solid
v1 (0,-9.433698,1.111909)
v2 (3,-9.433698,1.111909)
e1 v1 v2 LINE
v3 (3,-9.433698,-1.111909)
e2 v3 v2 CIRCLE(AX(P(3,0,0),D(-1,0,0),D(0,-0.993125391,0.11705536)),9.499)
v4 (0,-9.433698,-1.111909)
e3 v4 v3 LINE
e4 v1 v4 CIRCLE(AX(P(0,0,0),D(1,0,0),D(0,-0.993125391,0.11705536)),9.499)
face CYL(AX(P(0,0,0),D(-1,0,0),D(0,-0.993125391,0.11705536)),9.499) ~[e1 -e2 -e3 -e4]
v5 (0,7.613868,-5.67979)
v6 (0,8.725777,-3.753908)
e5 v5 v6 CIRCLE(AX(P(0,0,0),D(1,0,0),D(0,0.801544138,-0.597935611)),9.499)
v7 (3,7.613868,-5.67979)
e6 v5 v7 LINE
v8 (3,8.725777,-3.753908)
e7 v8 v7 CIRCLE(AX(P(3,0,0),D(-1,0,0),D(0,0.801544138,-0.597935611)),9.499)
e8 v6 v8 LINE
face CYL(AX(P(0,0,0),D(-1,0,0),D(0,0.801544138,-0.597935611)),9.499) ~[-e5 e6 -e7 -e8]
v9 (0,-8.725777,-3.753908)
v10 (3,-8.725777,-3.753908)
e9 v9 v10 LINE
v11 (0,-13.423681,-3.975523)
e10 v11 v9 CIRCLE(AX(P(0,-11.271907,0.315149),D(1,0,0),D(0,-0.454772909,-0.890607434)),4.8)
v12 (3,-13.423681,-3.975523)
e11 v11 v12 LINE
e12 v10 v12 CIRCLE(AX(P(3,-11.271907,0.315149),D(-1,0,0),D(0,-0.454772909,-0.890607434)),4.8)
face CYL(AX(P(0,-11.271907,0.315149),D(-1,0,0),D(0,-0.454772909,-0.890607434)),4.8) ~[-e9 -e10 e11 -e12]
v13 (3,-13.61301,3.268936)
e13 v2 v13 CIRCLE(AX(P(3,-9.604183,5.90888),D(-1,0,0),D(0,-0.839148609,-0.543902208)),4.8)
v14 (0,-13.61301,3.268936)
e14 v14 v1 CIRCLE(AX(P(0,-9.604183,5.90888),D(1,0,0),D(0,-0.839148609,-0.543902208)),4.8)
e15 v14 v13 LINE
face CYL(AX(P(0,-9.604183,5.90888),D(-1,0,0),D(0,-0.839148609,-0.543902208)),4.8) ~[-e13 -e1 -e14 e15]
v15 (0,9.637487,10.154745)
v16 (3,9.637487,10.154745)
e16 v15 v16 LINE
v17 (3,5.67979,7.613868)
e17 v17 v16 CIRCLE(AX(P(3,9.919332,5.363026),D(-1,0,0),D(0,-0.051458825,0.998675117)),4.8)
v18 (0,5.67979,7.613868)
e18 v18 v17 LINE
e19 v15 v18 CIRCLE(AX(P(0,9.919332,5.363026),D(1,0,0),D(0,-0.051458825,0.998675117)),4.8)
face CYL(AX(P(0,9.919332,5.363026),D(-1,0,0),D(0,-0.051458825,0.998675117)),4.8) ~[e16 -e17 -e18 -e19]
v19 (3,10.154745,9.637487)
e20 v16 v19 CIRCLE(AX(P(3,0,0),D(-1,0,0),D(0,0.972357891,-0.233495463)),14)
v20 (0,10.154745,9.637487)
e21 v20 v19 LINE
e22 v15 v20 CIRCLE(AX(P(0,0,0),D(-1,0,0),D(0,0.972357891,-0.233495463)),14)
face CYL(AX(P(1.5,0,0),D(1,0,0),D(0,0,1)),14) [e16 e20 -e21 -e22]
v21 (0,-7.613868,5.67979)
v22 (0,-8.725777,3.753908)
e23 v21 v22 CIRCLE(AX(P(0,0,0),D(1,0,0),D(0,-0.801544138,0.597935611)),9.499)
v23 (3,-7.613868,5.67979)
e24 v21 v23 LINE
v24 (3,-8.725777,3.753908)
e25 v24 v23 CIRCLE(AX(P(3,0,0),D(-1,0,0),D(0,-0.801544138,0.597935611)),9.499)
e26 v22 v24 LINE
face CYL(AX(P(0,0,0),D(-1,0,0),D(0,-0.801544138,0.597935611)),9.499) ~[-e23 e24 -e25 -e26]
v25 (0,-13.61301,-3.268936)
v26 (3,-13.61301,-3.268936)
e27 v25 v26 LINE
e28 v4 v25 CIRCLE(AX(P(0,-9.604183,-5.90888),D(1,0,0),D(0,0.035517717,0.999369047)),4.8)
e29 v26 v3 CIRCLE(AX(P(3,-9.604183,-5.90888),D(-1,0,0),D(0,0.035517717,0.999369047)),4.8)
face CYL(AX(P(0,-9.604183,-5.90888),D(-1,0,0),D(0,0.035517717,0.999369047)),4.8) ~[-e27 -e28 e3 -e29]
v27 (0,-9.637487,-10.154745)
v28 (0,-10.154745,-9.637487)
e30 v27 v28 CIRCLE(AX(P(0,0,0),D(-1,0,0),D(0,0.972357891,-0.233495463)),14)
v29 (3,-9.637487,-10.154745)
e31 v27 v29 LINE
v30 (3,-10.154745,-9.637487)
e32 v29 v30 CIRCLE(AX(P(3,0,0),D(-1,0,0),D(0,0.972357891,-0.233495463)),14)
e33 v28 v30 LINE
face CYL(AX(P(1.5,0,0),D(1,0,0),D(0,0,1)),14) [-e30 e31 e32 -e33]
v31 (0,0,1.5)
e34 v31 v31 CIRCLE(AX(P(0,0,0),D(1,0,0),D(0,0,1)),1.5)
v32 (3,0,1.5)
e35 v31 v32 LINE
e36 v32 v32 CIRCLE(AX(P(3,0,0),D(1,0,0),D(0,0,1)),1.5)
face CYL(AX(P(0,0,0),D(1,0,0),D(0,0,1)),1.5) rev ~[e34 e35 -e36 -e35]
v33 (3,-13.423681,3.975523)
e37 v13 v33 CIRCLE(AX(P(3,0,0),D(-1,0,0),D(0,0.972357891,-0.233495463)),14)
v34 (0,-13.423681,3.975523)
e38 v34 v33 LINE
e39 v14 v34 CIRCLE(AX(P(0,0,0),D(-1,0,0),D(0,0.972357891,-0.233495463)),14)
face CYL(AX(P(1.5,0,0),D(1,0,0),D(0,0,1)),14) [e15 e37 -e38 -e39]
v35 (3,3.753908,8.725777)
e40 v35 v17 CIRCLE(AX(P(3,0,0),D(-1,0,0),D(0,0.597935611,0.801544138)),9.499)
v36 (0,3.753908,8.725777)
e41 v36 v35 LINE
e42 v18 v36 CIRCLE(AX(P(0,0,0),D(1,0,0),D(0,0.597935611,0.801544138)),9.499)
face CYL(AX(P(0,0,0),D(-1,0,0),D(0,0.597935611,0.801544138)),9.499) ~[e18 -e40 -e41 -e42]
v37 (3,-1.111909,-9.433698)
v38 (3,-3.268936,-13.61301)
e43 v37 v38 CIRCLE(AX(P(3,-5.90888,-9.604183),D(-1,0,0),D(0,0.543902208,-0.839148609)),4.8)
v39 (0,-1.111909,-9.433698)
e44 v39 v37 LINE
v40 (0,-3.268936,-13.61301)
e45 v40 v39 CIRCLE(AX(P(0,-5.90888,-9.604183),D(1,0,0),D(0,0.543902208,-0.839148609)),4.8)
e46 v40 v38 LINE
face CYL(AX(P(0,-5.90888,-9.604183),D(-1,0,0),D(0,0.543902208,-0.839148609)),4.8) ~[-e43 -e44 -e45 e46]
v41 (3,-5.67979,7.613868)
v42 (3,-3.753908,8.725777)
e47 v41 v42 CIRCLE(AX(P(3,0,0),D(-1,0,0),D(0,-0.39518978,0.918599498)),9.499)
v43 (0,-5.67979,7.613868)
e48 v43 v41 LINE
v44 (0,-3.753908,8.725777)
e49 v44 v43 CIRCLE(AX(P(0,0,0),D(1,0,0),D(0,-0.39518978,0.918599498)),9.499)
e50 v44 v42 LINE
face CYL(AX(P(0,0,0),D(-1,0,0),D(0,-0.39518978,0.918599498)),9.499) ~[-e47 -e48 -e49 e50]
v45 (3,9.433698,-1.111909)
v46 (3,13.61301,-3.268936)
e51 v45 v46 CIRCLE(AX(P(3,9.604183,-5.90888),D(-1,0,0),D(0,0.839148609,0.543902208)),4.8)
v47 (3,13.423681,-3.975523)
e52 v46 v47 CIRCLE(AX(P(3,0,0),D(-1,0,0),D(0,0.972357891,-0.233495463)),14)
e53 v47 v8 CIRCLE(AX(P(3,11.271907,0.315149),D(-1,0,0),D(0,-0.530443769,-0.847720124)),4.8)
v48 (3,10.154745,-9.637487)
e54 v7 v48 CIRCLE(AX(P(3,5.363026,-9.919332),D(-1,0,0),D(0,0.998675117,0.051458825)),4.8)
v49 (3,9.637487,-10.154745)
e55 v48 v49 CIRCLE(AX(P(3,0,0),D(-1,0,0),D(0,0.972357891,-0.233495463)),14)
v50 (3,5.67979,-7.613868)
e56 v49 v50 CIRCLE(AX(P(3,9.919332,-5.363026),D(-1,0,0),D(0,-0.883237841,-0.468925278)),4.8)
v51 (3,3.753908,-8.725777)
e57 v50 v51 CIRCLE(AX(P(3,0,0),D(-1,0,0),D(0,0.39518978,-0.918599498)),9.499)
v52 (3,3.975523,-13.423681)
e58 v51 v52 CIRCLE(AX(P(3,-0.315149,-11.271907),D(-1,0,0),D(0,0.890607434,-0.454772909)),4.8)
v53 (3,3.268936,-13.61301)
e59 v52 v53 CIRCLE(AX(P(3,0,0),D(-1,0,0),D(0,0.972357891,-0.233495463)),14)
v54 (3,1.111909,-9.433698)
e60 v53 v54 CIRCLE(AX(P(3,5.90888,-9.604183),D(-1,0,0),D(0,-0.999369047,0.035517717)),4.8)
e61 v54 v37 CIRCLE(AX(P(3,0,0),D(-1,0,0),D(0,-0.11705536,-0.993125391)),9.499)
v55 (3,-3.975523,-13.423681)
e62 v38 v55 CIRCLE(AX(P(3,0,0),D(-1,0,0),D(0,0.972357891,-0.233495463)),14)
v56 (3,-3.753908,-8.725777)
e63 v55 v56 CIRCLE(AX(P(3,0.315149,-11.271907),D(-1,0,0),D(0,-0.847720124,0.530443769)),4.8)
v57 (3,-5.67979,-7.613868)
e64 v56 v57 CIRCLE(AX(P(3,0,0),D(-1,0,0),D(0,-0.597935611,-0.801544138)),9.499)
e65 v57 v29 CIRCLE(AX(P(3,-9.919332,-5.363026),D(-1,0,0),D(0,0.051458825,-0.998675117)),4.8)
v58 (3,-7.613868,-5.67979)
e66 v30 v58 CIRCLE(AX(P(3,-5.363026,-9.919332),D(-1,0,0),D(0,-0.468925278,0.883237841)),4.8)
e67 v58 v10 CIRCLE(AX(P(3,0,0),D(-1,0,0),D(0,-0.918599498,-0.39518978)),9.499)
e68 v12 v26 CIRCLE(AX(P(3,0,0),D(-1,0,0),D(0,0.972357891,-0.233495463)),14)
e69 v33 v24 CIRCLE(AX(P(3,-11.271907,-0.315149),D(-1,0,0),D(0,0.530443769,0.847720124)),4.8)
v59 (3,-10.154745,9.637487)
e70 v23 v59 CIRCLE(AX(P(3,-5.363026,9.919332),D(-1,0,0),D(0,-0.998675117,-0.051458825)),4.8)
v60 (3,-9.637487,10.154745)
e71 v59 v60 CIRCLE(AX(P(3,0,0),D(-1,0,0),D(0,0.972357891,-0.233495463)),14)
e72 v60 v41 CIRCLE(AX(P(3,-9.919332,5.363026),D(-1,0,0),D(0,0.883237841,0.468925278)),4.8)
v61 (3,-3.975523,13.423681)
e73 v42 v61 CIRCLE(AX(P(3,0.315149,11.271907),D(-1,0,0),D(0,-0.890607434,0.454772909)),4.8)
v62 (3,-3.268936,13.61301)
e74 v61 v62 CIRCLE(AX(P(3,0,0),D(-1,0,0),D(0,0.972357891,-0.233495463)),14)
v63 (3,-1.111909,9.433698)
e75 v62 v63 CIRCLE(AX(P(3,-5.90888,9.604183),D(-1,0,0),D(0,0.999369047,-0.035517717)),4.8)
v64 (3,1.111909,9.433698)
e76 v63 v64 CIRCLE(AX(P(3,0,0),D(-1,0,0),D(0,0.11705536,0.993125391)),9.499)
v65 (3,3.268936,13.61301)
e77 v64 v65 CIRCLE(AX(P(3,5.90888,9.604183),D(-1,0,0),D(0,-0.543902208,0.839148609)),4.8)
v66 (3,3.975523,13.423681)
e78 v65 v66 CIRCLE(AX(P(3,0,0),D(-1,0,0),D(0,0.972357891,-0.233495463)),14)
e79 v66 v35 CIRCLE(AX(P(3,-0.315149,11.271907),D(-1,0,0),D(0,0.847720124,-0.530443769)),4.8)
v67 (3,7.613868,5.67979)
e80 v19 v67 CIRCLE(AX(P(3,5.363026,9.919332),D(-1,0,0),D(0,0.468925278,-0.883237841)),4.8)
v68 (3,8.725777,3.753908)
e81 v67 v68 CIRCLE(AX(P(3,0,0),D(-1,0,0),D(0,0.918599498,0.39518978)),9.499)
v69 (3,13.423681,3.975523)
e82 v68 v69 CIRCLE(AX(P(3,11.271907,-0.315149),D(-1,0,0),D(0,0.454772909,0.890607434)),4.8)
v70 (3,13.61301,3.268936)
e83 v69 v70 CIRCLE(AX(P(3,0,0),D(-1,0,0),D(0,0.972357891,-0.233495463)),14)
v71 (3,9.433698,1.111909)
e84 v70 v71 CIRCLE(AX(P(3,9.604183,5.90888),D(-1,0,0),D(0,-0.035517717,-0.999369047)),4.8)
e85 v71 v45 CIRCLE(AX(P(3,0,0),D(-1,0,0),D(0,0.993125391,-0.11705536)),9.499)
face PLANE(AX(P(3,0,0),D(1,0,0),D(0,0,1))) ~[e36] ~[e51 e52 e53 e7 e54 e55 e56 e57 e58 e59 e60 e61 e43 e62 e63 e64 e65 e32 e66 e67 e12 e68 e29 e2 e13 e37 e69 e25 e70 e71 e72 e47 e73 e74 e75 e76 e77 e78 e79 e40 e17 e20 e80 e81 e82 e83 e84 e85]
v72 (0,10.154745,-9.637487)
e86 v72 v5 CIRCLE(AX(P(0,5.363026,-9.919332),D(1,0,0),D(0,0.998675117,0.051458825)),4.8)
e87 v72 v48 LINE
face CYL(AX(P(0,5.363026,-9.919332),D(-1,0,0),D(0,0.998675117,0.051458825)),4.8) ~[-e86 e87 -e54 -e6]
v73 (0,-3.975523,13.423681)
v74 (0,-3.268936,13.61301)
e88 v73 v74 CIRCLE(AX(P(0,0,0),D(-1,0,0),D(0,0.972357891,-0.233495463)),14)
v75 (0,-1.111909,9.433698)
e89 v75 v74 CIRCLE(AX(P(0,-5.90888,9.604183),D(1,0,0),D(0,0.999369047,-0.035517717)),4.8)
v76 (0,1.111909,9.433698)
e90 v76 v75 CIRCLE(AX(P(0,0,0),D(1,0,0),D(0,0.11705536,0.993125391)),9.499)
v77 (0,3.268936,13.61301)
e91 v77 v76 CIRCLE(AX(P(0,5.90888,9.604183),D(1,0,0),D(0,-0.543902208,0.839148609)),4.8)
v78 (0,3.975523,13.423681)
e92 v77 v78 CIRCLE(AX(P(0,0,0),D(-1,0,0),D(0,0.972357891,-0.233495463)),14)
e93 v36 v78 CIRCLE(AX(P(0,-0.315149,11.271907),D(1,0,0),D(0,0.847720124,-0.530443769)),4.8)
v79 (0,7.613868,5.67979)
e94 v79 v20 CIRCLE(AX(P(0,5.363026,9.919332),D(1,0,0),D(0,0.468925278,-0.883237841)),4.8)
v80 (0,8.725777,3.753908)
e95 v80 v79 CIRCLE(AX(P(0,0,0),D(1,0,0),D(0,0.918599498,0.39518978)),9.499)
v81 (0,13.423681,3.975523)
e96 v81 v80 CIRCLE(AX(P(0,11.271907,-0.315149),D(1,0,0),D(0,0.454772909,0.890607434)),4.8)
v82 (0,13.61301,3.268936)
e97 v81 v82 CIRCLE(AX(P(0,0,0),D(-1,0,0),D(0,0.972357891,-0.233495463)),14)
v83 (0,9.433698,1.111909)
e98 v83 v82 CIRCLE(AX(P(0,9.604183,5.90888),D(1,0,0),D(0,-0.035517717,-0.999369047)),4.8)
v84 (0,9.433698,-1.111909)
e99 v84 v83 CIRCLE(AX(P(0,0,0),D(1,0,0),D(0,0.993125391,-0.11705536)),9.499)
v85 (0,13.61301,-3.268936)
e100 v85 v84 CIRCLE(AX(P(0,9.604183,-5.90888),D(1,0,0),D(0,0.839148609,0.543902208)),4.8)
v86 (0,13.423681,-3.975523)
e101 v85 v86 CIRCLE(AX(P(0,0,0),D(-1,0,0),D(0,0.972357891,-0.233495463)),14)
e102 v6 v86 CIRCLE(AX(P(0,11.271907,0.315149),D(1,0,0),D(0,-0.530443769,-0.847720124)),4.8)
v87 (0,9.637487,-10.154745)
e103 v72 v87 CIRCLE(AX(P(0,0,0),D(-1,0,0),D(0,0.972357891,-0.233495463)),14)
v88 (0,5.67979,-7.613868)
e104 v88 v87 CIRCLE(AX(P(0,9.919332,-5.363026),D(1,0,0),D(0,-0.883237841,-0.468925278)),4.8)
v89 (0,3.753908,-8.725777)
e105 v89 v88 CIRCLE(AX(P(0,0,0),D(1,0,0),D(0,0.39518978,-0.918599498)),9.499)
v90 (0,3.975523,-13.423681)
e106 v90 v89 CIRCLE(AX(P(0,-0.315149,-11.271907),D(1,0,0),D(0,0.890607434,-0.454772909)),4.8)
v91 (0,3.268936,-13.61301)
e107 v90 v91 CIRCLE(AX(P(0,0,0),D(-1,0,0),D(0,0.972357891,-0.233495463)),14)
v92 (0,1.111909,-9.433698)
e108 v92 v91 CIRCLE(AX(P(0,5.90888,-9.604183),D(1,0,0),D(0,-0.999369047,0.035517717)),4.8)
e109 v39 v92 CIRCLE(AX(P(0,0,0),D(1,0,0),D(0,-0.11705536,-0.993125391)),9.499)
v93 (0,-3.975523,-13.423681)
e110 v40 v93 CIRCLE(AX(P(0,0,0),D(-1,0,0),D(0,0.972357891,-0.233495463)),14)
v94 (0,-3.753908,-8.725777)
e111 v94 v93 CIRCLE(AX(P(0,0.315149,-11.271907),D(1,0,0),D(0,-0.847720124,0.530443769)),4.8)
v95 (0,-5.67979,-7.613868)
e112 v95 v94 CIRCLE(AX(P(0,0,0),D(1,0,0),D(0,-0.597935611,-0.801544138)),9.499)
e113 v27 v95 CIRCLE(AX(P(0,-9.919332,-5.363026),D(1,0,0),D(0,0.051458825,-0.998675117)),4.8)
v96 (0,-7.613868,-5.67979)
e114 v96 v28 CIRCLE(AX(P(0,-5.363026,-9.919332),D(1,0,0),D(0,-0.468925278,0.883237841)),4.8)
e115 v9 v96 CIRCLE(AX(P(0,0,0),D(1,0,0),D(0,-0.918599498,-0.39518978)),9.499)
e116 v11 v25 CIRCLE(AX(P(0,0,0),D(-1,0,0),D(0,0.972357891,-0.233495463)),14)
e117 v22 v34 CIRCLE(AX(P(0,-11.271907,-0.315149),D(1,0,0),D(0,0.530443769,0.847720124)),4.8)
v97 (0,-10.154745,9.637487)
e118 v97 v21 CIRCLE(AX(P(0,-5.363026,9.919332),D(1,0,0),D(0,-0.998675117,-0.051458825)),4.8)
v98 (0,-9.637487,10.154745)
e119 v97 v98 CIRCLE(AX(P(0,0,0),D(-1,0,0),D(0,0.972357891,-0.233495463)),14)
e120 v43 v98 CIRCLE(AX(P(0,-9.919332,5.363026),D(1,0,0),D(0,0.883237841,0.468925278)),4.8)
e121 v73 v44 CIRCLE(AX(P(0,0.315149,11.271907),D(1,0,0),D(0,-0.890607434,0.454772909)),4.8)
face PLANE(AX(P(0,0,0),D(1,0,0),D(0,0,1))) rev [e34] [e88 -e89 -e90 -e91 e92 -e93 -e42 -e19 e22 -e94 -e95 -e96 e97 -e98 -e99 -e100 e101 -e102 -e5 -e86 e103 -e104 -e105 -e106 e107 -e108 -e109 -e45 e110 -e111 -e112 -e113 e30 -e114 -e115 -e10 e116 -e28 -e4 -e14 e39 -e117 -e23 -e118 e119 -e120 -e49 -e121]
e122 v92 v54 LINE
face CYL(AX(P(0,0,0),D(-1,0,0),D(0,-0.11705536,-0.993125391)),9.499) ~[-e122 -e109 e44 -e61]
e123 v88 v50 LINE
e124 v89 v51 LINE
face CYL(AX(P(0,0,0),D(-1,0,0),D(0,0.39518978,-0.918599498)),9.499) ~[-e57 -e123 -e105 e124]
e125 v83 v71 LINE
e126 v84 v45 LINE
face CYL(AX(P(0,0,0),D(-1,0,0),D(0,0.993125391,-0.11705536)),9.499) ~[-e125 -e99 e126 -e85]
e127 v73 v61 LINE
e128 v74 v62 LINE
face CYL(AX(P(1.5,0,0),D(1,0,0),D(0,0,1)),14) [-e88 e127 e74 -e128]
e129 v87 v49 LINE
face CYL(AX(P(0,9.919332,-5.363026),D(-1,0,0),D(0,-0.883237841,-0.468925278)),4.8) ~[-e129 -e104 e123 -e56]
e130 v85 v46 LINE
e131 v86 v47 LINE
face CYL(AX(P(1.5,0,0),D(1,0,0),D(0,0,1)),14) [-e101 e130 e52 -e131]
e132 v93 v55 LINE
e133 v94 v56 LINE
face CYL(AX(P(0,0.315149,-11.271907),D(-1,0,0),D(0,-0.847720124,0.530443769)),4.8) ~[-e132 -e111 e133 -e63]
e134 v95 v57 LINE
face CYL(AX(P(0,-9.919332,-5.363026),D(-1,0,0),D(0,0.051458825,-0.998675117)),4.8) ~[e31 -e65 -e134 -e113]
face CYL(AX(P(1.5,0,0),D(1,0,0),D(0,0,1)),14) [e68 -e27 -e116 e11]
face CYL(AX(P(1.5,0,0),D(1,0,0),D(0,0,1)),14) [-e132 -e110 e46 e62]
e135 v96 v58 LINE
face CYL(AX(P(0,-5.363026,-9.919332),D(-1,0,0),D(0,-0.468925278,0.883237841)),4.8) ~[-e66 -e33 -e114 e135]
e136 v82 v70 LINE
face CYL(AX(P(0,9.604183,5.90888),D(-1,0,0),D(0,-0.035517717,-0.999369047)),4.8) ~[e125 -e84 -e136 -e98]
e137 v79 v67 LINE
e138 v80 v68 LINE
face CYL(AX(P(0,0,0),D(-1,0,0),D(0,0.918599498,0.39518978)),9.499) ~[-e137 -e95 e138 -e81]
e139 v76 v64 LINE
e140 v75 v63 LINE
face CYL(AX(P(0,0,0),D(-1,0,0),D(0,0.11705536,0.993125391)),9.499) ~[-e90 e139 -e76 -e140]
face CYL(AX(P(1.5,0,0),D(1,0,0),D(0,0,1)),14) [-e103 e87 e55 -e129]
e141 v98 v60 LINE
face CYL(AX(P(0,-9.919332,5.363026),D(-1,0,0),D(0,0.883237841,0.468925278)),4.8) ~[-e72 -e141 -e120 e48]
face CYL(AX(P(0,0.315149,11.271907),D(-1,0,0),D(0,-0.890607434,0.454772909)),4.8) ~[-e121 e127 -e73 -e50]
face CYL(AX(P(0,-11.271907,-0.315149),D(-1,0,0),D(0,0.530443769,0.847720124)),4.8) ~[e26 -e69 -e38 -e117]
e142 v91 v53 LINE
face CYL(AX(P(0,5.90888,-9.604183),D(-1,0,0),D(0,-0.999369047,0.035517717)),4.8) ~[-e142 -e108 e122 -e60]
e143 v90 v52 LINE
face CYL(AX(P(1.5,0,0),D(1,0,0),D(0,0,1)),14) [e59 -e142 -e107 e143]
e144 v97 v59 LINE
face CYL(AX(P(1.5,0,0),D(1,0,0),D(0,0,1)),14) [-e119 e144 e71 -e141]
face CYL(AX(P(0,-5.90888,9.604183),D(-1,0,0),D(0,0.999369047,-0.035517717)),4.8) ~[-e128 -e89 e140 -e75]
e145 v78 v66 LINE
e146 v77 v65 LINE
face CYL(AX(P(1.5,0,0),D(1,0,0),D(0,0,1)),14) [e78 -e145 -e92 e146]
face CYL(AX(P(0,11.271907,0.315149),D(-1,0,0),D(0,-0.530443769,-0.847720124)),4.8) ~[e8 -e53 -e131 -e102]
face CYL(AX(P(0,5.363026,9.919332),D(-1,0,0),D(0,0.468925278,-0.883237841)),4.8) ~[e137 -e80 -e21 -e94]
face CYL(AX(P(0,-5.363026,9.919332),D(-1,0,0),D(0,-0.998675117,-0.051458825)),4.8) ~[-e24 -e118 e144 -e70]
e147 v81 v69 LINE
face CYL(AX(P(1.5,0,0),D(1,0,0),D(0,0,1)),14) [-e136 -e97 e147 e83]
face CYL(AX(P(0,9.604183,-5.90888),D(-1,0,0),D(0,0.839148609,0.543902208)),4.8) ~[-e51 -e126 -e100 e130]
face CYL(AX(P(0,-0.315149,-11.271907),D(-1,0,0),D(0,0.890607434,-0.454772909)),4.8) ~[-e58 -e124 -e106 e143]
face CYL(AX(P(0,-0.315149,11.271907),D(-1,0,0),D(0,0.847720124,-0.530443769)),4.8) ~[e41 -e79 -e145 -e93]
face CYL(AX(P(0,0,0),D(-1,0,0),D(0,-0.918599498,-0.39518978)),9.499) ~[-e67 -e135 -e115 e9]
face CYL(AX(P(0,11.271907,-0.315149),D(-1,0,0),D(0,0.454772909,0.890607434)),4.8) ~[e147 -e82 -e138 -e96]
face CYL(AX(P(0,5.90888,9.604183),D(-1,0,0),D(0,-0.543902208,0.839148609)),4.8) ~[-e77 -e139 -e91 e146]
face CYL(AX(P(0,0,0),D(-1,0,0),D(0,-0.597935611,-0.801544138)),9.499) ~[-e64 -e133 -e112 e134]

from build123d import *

# Parameters (mm, degrees)
BASPROSKE_W     = 3
BASPROSKE_H     = 14
TOOTHCUT_DEPTH  = 21.024984395
TEETHCUTS_COUNT = 12
BORSKE_R        = 1.5
BORE_DEPTH      = 50.0000508


with BuildPart() as part:
    # BasProSke → Base-Revolve (revolve)
    with BuildSketch(Plane(origin=(0, 0, 0), x_dir=(1, 0, 0), z_dir=(0, 1, 0)), mode=Mode.PRIVATE) as base_revolve_sk:
        with Locations((1.5, 7)):
            Rectangle(BASPROSKE_W, BASPROSKE_H)
    revolve(base_revolve_sk.sketch.rotate(Axis((-10, 0, 0), (1, 0, 0)), 180), axis=Axis((-10, 0, 0), (1, 0, 0)))

    # TooCutSke → ToothCut (cut, through all)
    with BuildSketch(Plane(origin=(0, 0, 0), x_dir=(0, 0, -1), z_dir=(1, 0, 0))):
        with BuildLine():
            ThreePointArc((1.111908866, 9.433698091), (0, 9.499), (-1.111908866, 9.433698091))
            ThreePointArc((-1.111908866, 9.433698091), (-1.651516138, 11.821129337), (-3.298149691, 13.632096456))
            ThreePointArc((-3.298149691, 13.632096456), (0, 14.0254), (3.298149691, 13.632096456))
            ThreePointArc((3.298149691, 13.632096456), (1.651516138, 11.821129337), (1.111908866, 9.433698091))
        make_face()
    toothcut = extrude(amount=TOOTHCUT_DEPTH, mode=Mode.SUBTRACT)

    # TeethCuts: ToothCut ×12 about axis
    teethcuts_axis = Axis((0, 0, 0), (1, 0, 0))
    for i in range(1, TEETHCUTS_COUNT):
        add(toothcut.rotate(teethcuts_axis, i * 360 / TEETHCUTS_COUNT), mode=Mode.SUBTRACT)

    # BorSke → Bore (cut, symmetric)
    with BuildSketch(Plane(origin=(0, 0, 0), x_dir=(0, 0, -1), z_dir=(1, 0, 0))):
        with Locations(Location((0, 0, 0), (0, 0, 180))):
            Circle(BORSKE_R)
    extrude(amount=BORE_DEPTH, both=True, mode=Mode.SUBTRACT)


solid = part.part
